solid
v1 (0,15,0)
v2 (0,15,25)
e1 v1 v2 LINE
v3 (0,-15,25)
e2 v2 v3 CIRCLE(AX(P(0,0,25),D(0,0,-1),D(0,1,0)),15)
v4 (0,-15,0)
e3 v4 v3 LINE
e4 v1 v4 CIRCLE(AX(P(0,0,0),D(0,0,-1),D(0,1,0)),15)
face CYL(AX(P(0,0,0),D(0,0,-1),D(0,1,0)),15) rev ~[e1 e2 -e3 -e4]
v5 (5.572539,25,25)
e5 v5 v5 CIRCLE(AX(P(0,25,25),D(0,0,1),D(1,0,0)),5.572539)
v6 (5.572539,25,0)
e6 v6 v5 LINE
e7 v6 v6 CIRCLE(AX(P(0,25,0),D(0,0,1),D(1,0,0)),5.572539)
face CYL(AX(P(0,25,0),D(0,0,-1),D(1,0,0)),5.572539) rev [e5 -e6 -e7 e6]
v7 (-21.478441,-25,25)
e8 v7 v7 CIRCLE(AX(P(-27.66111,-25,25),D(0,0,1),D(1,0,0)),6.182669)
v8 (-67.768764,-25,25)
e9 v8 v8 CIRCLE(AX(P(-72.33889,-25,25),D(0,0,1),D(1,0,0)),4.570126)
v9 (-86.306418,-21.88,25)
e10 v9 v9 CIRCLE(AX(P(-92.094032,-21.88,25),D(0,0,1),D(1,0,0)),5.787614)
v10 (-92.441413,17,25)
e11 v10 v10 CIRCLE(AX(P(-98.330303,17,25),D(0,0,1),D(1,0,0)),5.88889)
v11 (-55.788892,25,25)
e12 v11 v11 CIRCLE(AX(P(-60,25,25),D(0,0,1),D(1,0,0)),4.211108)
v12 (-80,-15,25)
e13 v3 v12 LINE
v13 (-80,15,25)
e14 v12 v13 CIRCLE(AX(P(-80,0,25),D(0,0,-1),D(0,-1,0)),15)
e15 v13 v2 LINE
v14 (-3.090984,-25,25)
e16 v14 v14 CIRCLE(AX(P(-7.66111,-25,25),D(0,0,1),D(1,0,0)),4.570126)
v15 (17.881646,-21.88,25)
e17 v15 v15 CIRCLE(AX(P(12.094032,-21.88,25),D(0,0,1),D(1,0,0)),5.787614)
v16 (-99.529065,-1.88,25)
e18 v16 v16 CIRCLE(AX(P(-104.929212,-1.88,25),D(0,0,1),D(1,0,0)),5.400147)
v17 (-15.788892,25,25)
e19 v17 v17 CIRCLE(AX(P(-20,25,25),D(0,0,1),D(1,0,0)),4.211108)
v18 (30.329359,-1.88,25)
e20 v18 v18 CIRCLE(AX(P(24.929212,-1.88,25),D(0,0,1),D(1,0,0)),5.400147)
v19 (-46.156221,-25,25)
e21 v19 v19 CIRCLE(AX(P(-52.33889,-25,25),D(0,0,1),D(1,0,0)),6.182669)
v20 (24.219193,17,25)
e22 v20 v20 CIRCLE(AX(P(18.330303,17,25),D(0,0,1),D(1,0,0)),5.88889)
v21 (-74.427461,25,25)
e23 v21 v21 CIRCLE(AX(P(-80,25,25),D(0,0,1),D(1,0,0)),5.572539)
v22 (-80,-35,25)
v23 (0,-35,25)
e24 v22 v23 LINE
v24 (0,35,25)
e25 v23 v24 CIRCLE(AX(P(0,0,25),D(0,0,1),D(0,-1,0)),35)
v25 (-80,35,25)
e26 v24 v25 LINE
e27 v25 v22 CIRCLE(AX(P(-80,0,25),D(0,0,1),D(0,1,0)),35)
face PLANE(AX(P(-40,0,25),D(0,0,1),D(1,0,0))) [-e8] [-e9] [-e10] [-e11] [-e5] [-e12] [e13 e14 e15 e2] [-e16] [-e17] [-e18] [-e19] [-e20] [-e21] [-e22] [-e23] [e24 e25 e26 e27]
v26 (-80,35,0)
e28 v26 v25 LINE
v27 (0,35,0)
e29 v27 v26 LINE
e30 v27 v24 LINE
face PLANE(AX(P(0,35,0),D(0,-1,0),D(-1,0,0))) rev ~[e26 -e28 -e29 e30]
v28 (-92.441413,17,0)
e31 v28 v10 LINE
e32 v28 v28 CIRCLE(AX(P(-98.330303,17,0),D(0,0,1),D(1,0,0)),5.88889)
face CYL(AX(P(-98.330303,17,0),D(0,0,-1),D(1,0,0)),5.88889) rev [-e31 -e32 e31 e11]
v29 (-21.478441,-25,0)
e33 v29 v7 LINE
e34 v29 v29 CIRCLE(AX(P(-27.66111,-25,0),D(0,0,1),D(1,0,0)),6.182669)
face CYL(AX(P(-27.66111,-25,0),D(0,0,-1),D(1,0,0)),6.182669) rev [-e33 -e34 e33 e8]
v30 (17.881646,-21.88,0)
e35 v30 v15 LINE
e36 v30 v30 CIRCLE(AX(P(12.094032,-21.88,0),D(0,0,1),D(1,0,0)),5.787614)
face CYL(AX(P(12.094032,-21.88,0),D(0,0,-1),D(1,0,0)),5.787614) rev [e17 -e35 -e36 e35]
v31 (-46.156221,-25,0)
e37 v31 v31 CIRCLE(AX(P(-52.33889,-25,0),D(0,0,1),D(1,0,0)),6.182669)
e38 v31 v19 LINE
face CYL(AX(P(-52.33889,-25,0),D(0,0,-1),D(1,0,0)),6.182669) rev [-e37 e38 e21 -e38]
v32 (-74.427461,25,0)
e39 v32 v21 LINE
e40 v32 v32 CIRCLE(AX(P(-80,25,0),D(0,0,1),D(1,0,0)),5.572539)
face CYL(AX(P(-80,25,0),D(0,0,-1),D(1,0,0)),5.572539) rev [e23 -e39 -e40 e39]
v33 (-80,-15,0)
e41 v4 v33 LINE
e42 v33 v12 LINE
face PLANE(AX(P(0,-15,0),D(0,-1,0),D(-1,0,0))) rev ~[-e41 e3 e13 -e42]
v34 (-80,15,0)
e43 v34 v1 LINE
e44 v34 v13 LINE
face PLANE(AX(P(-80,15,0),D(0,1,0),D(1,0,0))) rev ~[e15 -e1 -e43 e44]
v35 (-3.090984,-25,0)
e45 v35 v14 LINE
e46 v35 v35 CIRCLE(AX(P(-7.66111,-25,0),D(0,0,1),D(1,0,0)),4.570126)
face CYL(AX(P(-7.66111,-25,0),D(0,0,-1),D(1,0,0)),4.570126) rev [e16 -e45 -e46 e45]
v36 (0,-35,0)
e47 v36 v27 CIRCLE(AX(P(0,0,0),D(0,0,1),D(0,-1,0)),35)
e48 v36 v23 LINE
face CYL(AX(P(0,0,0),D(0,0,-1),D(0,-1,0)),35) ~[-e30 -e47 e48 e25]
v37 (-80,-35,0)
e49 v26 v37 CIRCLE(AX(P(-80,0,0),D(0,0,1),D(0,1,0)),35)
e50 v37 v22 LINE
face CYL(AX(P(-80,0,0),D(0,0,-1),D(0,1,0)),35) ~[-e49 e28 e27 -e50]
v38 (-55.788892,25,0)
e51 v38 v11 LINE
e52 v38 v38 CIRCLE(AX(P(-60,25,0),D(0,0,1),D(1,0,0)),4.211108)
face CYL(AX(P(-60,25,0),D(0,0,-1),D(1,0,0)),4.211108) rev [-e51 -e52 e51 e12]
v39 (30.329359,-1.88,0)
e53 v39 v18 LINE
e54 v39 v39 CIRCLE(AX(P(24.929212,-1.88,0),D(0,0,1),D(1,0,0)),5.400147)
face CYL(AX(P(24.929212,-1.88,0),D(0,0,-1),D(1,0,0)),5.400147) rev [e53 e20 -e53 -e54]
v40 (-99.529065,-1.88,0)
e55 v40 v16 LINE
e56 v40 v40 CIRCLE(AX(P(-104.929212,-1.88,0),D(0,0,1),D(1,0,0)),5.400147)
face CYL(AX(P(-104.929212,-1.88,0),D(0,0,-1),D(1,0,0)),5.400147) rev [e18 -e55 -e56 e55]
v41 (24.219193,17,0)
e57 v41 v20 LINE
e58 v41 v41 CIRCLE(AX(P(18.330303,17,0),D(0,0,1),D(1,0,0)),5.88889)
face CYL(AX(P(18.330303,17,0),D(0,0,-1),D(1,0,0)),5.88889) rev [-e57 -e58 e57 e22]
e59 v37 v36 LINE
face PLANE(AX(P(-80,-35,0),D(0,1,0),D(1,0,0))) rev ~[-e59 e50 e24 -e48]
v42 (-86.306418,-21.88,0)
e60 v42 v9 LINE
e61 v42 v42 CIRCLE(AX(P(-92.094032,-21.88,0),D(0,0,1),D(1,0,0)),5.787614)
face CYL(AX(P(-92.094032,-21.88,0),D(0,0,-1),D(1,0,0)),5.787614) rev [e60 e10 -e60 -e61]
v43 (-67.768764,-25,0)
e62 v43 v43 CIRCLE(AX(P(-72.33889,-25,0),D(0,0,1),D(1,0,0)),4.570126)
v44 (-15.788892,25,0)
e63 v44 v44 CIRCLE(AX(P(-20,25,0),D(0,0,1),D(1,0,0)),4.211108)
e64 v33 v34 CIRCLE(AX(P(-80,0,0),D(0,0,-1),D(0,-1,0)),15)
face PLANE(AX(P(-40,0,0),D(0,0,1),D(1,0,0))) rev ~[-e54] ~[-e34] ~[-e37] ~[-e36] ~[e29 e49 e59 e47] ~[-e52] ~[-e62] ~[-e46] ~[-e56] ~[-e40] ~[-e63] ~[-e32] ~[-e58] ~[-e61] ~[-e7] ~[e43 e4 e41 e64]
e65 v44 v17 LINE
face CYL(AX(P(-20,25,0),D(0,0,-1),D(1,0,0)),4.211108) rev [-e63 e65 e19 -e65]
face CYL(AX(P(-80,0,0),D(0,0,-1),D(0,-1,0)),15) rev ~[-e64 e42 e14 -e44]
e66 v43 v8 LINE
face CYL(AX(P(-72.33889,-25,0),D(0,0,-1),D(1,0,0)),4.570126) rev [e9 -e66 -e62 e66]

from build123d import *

# Parameters (mm, degrees)
F0_R     = 5.787614
F0_R_2   = 4.570126
F0_R_3   = 6.182669
F0_R_4   = 5.400147
F0_R_5   = 5.88889
F0_R_6   = 5.572539
F0_R_7   = 4.211108
F1_DEPTH = 25


with BuildPart() as f1:
    # F0 (on Top) → F1 (new body)
    with BuildSketch(Plane.XY):
        with BuildLine():
            Line((0, 35), (-80, 35))
            ThreePointArc((-80, 35), (-115, 0), (-80, -35))
            Line((-80, -35), (0, -35))
            ThreePointArc((0, -35), (35, 0), (0, 35))
        make_face()
        with Locations((-92.094032, -21.88)):
            Circle(F0_R, mode=Mode.SUBTRACT)
        with Locations((-72.33889, -25)):
            Circle(F0_R_2, mode=Mode.SUBTRACT)
        with Locations((-52.33889, -25)):
            Circle(F0_R_3, mode=Mode.SUBTRACT)
        with Locations((-104.929212, -1.88)):
            Circle(F0_R_4, mode=Mode.SUBTRACT)
        with Locations((-27.66111, -25)):
            Circle(F0_R_3, mode=Mode.SUBTRACT)
        with Locations((-7.66111, -25)):
            Circle(F0_R_2, mode=Mode.SUBTRACT)
        with Locations((12.094032, -21.88)):
            Circle(F0_R, mode=Mode.SUBTRACT)
        with Locations((24.929212, -1.88)):
            Circle(F0_R_4, mode=Mode.SUBTRACT)
        with Locations((-98.330303, 17)):
            Circle(F0_R_5, mode=Mode.SUBTRACT)
        with Locations((-80, 25)):
            Circle(F0_R_6, mode=Mode.SUBTRACT)
        with Locations((-60, 25)):
            Circle(F0_R_7, mode=Mode.SUBTRACT)
        with BuildLine():
            ThreePointArc((-80, -15), (-95, 0), (-80, 15))
            Line((-80, 15), (0, 15))
            ThreePointArc((0, 15), (15, 0), (0, -15))
            Line((0, -15), (-80, -15))
        make_face(mode=Mode.SUBTRACT)
        with Locations((18.330303, 17)):
            Circle(F0_R_5, mode=Mode.SUBTRACT)
        with Locations((-20, 25)):
            Circle(F0_R_7, mode=Mode.SUBTRACT)
        with Locations((0, 25)):
            Circle(F0_R_6, mode=Mode.SUBTRACT)
    extrude(amount=F1_DEPTH)


solid = f1.part
